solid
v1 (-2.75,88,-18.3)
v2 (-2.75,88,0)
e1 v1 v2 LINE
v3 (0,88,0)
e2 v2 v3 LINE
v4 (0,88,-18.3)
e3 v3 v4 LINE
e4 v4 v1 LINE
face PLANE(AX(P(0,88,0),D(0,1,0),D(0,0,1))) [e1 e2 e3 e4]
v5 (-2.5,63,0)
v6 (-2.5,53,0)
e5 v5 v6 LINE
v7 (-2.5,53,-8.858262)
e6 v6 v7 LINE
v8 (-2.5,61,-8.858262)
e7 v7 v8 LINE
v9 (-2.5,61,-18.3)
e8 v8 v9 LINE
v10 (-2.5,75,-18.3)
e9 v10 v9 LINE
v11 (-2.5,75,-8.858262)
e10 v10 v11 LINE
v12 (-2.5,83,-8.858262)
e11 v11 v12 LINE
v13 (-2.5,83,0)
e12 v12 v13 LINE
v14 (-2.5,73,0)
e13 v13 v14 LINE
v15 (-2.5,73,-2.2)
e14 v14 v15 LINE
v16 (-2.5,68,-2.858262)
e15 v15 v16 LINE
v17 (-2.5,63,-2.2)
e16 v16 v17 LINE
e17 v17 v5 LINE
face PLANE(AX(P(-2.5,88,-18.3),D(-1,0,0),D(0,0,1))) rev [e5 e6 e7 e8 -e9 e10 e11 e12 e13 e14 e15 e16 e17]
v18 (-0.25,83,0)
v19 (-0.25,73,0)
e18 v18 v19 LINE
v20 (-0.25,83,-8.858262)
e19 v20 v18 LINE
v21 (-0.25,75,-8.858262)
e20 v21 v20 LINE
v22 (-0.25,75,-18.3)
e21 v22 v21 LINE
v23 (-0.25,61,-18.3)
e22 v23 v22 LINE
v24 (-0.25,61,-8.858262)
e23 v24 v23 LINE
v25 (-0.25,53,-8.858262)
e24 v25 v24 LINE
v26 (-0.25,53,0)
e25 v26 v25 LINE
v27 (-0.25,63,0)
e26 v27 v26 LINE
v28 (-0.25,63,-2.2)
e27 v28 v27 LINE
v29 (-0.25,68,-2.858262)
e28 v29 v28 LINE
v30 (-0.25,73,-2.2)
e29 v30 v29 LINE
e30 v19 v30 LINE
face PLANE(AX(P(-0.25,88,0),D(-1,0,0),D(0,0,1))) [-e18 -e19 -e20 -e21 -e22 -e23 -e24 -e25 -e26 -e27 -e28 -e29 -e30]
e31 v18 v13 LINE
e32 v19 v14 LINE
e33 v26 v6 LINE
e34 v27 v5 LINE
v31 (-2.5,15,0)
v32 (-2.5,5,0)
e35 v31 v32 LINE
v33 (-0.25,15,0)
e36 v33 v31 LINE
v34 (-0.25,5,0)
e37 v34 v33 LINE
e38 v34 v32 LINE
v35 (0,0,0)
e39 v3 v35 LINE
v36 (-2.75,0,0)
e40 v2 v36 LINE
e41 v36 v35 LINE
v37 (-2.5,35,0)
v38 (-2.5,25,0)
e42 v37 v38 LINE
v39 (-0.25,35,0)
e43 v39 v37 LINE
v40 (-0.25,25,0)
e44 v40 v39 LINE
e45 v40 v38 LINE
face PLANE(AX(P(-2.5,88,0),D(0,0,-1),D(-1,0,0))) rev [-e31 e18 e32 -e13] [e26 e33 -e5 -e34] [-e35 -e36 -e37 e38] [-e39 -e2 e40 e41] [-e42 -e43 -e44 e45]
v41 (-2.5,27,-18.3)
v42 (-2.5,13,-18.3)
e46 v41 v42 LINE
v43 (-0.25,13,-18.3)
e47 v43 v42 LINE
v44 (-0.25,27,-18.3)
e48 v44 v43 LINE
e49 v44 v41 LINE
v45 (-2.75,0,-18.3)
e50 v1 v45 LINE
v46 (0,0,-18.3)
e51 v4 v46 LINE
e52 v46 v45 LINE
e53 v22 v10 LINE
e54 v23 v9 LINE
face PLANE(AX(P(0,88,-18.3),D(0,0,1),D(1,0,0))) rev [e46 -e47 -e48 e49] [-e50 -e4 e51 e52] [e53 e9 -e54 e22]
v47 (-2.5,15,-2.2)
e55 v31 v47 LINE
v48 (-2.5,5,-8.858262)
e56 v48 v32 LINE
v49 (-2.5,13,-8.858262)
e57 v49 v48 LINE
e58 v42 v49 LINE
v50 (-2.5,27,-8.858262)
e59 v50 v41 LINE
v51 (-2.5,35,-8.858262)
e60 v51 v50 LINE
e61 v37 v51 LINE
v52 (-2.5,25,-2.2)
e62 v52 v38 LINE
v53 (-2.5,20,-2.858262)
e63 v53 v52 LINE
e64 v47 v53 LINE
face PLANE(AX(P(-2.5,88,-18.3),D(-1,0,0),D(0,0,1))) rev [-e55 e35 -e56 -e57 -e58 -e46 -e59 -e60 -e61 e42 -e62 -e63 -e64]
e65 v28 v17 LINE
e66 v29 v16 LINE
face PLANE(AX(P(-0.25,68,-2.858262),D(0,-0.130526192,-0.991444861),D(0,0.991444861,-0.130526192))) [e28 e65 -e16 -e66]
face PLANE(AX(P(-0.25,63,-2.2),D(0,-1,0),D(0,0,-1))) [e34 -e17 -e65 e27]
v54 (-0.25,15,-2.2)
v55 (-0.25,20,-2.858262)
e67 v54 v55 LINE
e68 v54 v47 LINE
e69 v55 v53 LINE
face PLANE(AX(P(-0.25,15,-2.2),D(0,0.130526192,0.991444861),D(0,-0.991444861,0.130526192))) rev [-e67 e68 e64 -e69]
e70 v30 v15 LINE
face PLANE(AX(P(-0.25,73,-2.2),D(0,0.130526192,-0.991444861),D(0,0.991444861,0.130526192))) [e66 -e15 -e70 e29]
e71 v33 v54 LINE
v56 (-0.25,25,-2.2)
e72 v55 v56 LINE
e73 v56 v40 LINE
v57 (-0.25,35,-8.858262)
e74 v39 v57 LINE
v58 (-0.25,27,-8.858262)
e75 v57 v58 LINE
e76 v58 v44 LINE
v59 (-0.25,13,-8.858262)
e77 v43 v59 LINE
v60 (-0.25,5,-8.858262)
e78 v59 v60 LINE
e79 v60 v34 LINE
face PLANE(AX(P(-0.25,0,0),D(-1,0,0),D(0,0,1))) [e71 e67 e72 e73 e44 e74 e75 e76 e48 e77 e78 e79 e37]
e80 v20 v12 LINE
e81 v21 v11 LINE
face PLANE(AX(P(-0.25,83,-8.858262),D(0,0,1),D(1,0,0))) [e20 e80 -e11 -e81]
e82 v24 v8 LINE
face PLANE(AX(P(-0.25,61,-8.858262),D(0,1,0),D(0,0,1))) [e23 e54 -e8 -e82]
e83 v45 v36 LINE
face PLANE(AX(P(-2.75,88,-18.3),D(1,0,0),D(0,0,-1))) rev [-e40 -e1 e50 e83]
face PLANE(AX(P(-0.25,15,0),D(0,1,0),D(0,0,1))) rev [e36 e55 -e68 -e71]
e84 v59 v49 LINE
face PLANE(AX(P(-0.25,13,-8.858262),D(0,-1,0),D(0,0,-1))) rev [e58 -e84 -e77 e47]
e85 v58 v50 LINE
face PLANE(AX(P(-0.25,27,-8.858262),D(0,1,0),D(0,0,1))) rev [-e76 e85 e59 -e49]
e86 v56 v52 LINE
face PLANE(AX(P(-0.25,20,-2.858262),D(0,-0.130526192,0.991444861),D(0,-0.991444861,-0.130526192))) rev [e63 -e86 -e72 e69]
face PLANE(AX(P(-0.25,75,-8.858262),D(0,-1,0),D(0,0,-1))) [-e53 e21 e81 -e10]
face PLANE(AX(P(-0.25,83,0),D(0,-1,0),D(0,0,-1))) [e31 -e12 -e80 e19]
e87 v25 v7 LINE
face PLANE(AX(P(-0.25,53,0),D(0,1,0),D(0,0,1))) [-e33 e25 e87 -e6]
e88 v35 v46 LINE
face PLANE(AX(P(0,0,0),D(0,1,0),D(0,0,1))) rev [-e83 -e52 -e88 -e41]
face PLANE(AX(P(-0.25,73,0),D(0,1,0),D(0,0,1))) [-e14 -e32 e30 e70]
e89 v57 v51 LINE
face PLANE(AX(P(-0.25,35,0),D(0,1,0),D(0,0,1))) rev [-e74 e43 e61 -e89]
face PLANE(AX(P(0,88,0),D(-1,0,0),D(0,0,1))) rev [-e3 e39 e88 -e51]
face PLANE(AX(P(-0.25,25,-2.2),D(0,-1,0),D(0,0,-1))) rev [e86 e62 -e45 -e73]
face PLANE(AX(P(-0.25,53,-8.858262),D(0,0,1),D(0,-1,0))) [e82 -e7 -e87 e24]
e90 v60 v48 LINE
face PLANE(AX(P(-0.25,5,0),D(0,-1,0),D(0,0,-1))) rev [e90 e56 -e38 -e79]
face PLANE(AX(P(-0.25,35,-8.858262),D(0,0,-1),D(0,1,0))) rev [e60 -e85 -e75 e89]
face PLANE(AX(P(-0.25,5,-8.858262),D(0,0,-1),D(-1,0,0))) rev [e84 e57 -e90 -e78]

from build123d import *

# Parameters (mm, degrees)
PROFILE_SKETCH_W          = 2.5
PROFILE_SKETCH_H          = 18.3
PROFILE_EXTRUDE_DEPTH     = 88
COVER_LATCH_CUT_OUT_DEPTH = 2.25
SIDE_SKETCH_W             = 0.25
SIDE_SKETCH_H             = 18.3
SIDE_EXTRUDE_DEPTH        = 88


with BuildPart() as part:
    # Profile Sketch → Profile Extrude (new body)
    with BuildSketch(Plane(origin=(0.045617437, 0, -0.024209872), x_dir=(-1, 0, 0), z_dir=(0, 1, 0))):
        with Locations((1.295617437, -9.125790128)):
            Rectangle(PROFILE_SKETCH_W, PROFILE_SKETCH_H)
    extrude(amount=PROFILE_EXTRUDE_DEPTH)

    # Cover Latch Cut Out Sketch → Cover Latch Cut Out (cut)
    with BuildSketch(Plane.ZY.offset(2.5)):
        Polygon((-18.3, 27), (-18.3, 13), (-8.858262488, 13), (-8.858262488, 5), (0, 5), (0, 15), (-2.2, 15), (-2.858262488, 20), (-2.2, 25), (0, 25), (0, 35), (-8.858262488, 35), (-8.858262488, 27), align=None)
    cover_latch_cut_out = extrude(amount=-COVER_LATCH_CUT_OUT_DEPTH, mode=Mode.SUBTRACT)

    # Cover Latch Cut Out Mirror: Cover Latch Cut Out across plane
    add(cover_latch_cut_out.mirror(Plane(origin=(0, 44, 0), x_dir=(0, 0, 1), z_dir=(0, -1, 0))), mode=Mode.SUBTRACT)

    # Side Sketch → Side Extrude (add, through all)
    with BuildSketch(Plane(origin=(0, 0, 0), x_dir=(1, 0, 0), z_dir=(0, 1, 0))):
        with Locations((-2.625, 9.15)):
            Rectangle(SIDE_SKETCH_W, SIDE_SKETCH_H)
    extrude(amount=SIDE_EXTRUDE_DEPTH)


solid = part.part
